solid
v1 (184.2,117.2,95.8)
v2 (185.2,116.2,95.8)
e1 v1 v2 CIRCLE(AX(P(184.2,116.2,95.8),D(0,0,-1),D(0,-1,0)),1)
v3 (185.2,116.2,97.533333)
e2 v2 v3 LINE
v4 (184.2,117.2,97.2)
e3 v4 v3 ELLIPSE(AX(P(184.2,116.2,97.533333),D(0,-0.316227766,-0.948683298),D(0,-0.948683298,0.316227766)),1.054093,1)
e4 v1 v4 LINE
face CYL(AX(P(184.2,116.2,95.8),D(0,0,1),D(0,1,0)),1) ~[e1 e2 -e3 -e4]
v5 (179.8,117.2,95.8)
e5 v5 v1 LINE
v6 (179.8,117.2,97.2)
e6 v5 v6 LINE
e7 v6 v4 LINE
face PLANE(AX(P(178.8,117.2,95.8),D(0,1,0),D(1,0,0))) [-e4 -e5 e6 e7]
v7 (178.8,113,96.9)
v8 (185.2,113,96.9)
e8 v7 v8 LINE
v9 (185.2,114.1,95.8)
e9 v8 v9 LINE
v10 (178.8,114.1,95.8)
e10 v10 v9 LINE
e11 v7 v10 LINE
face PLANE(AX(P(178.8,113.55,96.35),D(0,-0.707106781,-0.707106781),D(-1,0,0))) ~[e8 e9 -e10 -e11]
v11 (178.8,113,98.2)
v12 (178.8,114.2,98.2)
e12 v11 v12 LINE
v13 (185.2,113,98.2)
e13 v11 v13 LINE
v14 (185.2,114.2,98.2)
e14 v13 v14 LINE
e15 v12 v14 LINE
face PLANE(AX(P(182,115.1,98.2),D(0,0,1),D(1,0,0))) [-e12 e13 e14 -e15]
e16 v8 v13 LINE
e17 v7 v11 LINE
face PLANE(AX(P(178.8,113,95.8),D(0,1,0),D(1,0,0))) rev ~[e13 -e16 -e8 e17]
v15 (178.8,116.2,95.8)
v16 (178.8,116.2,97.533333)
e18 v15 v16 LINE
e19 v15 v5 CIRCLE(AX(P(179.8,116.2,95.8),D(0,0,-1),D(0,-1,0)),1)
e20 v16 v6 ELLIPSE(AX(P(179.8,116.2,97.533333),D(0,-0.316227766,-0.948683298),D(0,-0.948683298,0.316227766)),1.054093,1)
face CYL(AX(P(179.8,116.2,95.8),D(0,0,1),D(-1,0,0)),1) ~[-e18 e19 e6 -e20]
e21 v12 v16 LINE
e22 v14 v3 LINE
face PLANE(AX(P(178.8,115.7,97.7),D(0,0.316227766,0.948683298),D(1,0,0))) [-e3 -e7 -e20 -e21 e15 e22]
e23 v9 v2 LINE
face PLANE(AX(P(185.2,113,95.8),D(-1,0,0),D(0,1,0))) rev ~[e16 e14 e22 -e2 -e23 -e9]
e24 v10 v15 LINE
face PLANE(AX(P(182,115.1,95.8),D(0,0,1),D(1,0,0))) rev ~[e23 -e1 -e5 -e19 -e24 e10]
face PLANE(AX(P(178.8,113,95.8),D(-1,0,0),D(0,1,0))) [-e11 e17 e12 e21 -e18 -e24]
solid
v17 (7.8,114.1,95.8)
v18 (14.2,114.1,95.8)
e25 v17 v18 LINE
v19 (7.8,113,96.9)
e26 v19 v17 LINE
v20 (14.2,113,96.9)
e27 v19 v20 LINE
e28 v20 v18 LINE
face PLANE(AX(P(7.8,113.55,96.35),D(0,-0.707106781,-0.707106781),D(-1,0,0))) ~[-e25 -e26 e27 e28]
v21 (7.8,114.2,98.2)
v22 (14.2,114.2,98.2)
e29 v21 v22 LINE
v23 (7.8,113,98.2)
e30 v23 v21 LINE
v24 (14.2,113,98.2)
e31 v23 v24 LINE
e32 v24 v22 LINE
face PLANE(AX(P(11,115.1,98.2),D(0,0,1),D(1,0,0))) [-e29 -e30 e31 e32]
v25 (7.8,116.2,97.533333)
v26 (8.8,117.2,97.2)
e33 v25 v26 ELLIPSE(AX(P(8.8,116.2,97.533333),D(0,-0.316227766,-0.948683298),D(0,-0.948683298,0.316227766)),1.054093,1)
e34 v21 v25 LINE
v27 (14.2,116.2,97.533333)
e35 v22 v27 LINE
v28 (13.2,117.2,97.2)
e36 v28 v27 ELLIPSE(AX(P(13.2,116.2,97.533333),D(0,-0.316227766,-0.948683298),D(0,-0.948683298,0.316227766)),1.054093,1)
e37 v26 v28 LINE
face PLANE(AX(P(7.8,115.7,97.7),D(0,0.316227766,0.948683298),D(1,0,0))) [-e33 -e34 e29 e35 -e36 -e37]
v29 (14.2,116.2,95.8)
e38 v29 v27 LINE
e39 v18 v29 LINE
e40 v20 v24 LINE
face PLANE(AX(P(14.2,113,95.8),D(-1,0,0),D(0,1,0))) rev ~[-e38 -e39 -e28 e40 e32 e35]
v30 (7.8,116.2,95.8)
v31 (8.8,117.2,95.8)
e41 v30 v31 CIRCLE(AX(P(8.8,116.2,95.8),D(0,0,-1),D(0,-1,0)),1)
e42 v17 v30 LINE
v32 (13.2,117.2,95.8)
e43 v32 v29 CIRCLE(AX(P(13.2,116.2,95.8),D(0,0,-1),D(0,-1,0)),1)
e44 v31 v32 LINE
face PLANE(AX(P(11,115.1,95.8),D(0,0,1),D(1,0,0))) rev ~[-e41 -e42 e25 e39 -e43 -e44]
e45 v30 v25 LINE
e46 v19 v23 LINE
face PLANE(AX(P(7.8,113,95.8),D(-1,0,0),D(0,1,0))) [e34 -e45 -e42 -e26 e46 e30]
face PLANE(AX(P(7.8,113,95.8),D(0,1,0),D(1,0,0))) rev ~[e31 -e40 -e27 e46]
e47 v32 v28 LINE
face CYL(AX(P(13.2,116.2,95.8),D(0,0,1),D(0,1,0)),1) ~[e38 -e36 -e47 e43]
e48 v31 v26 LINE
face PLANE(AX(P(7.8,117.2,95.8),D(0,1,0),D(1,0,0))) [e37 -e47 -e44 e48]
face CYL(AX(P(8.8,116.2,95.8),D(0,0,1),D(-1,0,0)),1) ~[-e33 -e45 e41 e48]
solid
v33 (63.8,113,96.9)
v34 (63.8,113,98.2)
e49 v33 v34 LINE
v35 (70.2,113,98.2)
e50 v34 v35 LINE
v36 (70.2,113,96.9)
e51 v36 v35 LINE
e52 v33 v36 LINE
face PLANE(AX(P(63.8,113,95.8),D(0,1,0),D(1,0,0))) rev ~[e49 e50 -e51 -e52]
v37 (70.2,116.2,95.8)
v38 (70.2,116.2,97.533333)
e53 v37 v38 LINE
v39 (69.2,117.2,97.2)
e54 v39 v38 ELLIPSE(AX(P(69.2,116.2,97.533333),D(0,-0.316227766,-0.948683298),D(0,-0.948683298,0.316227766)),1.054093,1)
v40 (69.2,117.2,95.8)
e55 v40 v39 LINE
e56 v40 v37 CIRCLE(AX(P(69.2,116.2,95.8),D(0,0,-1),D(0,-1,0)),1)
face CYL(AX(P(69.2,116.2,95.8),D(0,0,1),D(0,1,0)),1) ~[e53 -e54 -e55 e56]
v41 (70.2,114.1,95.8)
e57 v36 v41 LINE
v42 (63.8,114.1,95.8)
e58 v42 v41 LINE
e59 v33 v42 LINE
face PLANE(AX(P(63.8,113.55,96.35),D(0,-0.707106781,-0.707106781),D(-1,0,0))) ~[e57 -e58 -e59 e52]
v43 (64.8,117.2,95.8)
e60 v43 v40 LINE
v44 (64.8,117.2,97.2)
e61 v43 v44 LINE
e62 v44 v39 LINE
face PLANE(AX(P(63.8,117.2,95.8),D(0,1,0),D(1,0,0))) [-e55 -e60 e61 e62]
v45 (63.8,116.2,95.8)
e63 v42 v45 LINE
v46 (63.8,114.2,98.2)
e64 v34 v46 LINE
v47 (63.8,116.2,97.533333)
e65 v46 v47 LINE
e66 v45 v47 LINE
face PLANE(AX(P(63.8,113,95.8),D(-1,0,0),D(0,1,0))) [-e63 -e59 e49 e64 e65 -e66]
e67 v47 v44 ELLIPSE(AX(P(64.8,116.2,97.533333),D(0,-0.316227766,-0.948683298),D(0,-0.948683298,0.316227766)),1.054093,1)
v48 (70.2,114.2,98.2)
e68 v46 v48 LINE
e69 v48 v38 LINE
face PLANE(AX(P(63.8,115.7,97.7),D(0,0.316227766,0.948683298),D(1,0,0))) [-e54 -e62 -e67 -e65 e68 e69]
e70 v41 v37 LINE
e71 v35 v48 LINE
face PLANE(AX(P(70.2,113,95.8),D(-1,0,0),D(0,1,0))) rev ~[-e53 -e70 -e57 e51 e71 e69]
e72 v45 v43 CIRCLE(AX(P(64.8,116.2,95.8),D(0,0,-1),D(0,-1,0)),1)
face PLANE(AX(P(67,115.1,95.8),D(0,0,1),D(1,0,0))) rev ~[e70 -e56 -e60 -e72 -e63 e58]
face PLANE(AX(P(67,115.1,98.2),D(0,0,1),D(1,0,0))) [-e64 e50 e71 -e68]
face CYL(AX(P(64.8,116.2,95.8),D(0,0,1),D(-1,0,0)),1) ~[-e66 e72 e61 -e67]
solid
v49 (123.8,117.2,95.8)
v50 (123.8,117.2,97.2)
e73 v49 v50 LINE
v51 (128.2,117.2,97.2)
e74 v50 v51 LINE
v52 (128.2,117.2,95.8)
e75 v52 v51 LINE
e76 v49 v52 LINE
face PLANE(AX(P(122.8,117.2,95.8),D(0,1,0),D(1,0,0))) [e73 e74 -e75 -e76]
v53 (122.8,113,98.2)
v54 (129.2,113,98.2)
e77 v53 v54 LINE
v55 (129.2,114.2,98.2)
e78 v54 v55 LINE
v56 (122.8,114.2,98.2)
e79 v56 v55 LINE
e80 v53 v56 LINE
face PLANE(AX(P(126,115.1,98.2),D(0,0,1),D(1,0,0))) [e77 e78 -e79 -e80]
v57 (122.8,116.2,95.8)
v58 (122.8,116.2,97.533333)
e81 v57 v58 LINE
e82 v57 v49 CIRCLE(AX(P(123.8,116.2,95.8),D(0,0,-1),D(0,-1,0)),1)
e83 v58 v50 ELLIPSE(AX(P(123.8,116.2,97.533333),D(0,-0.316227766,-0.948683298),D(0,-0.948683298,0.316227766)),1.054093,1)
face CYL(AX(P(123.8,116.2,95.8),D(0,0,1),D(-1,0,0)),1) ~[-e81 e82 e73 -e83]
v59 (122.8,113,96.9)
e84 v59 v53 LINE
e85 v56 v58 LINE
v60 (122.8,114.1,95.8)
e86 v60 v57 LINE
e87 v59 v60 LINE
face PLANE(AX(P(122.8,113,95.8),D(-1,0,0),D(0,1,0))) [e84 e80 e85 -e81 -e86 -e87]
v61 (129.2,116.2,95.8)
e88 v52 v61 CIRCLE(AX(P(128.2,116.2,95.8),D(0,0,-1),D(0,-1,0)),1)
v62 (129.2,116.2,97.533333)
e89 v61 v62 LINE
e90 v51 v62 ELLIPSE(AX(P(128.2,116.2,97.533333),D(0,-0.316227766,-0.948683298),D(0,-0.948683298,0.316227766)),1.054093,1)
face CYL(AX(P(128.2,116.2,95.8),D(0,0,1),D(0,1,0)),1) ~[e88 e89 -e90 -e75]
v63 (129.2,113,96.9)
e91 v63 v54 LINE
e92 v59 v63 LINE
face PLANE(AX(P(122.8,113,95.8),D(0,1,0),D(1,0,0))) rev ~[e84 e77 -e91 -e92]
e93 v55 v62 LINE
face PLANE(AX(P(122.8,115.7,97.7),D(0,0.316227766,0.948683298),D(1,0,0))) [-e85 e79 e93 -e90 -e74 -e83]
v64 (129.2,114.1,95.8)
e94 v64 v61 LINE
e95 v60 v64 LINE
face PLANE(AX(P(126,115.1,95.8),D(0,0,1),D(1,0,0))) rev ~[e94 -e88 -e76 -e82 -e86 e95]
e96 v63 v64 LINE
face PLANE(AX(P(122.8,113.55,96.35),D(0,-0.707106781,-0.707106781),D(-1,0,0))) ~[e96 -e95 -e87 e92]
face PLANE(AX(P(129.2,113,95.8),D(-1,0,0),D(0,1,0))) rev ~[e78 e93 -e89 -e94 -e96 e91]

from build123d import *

# Parameters (mm, degrees)
BOX085192_W                  = 6.4
BOX085192_H                  = 4.2
BOX085192_DEPTH              = 2.4
CHAMFER011006003017079_SIZE  = 1.1
CHAMFER011006003017078_SIZE2 = 1
CHAMFER011006003017078_SIZE  = 3
BOX085193_W                  = 6.4
BOX085193_H                  = 4.2
BOX085193_DEPTH              = 2.4
CHAMFER011006003017081_SIZE  = 1.1
CHAMFER011006003017080_SIZE2 = 1
CHAMFER011006003017080_SIZE  = 3
BOX085194_W                  = 6.4
BOX085194_H                  = 4.2
BOX085194_DEPTH              = 2.4
CHAMFER011006003017083_SIZE  = 1.1
CHAMFER011006003017082_SIZE2 = 1
CHAMFER011006003017082_SIZE  = 3
BOX085191_W                  = 6.4
BOX085191_H                  = 4.2
BOX085191_DEPTH              = 2.4
CHAMFER011006003017076_SIZE  = 1.1
CHAMFER011006003017077_SIZE2 = 1
CHAMFER011006003017077_SIZE  = 3
FILLET005011017082052_R      = 1


with BuildPart() as chamfer011006003017078:
    # Box085192 → Box085192 (new body)
    with BuildSketch(Plane(origin=(63.8, 113, 95.8), x_dir=(1, 0, 0), z_dir=(0, 0, 1))):
        with Locations((3.2, 2.1)):
            Rectangle(BOX085192_W, BOX085192_H)
    extrude(amount=BOX085192_DEPTH)

    # Chamfer011006003017079
    chamfer011006003017079_edges = [chamfer011006003017078.edges().sort_by_distance(p)[0] for p in [
        (67, 113, 95.8),
    ]]
    chamfer(chamfer011006003017079_edges, length=CHAMFER011006003017079_SIZE)

    # Chamfer011006003017078
    chamfer011006003017078_edges = [chamfer011006003017078.edges().sort_by_distance(p)[0] for p in [
        (67, 117.2, 98.2),
    ]]
    chamfer011006003017078_side = chamfer011006003017078.faces().sort_by_distance((67, 115.1, 98.2))[0]
    chamfer(chamfer011006003017078_edges, length=CHAMFER011006003017078_SIZE, length2=CHAMFER011006003017078_SIZE2, reference=chamfer011006003017078_side)


with BuildPart() as chamfer011006003017080:
    # Box085193 → Box085193 (new body)
    with BuildSketch(Plane(origin=(122.8, 113, 95.8), x_dir=(1, 0, 0), z_dir=(0, 0, 1))):
        with Locations((3.2, 2.1)):
            Rectangle(BOX085193_W, BOX085193_H)
    extrude(amount=BOX085193_DEPTH)

    # Chamfer011006003017081
    chamfer011006003017081_edges = [chamfer011006003017080.edges().sort_by_distance(p)[0] for p in [
        (126, 113, 95.8),
    ]]
    chamfer(chamfer011006003017081_edges, length=CHAMFER011006003017081_SIZE)

    # Chamfer011006003017080
    chamfer011006003017080_edges = [chamfer011006003017080.edges().sort_by_distance(p)[0] for p in [
        (126, 117.2, 98.2),
    ]]
    chamfer011006003017080_side = chamfer011006003017080.faces().sort_by_distance((126, 115.1, 98.2))[0]
    chamfer(chamfer011006003017080_edges, length=CHAMFER011006003017080_SIZE, length2=CHAMFER011006003017080_SIZE2, reference=chamfer011006003017080_side)


with BuildPart() as chamfer011006003017082:
    # Box085194 → Box085194 (new body)
    with BuildSketch(Plane(origin=(178.8, 113, 95.8), x_dir=(1, 0, 0), z_dir=(0, 0, 1))):
        with Locations((3.2, 2.1)):
            Rectangle(BOX085194_W, BOX085194_H)
    extrude(amount=BOX085194_DEPTH)

    # Chamfer011006003017083
    chamfer011006003017083_edges = [chamfer011006003017082.edges().sort_by_distance(p)[0] for p in [
        (182, 113, 95.8),
    ]]
    chamfer(chamfer011006003017083_edges, length=CHAMFER011006003017083_SIZE)

    # Chamfer011006003017082
    chamfer011006003017082_edges = [chamfer011006003017082.edges().sort_by_distance(p)[0] for p in [
        (182, 117.2, 98.2),
    ]]
    chamfer011006003017082_side = chamfer011006003017082.faces().sort_by_distance((182, 115.1, 98.2))[0]
    chamfer(chamfer011006003017082_edges, length=CHAMFER011006003017082_SIZE, length2=CHAMFER011006003017082_SIZE2, reference=chamfer011006003017082_side)


with BuildPart() as top_tab_holes:
    # Box085191 → Box085191 (new body)
    with BuildSketch(Plane(origin=(7.8, 113, 95.8), x_dir=(1, 0, 0), z_dir=(0, 0, 1))):
        with Locations((3.2, 2.1)):
            Rectangle(BOX085191_W, BOX085191_H)
    extrude(amount=BOX085191_DEPTH)

    # Chamfer011006003017076
    chamfer011006003017076_edges = [top_tab_holes.edges().sort_by_distance(p)[0] for p in [
        (11, 113, 95.8),
    ]]
    chamfer(chamfer011006003017076_edges, length=CHAMFER011006003017076_SIZE)

    # Chamfer011006003017077
    chamfer011006003017077_edges = [top_tab_holes.edges().sort_by_distance(p)[0] for p in [
        (11, 117.2, 98.2),
    ]]
    chamfer011006003017077_side = top_tab_holes.faces().sort_by_distance((11, 115.1, 98.2))[0]
    chamfer(chamfer011006003017077_edges, length=CHAMFER011006003017077_SIZE, length2=CHAMFER011006003017077_SIZE2, reference=chamfer011006003017077_side)

    # Fusion004008002002002001007002002026012041: union Chamfer011006003017078, Chamfer011006003017080, Chamfer011006003017082
    add(chamfer011006003017078.part)
    add(chamfer011006003017080.part)
    add(chamfer011006003017082.part)

    # Fillet005011017082052
    fillet005011017082052_edges = [top_tab_holes.edges().sort_by_distance(p)[0] for p in [
        (7.8, 117.2, 96.5),
        (14.2, 117.2, 96.5),
        (63.8, 117.2, 96.5),
        (70.2, 117.2, 96.5),
        (122.8, 117.2, 96.5),
        (129.2, 117.2, 96.5),
        (178.8, 117.2, 96.5),
        (185.2, 117.2, 96.5),
    ]]
    fillet(fillet005011017082052_edges, radius=FILLET005011017082052_R)


solid = top_tab_holes.part
